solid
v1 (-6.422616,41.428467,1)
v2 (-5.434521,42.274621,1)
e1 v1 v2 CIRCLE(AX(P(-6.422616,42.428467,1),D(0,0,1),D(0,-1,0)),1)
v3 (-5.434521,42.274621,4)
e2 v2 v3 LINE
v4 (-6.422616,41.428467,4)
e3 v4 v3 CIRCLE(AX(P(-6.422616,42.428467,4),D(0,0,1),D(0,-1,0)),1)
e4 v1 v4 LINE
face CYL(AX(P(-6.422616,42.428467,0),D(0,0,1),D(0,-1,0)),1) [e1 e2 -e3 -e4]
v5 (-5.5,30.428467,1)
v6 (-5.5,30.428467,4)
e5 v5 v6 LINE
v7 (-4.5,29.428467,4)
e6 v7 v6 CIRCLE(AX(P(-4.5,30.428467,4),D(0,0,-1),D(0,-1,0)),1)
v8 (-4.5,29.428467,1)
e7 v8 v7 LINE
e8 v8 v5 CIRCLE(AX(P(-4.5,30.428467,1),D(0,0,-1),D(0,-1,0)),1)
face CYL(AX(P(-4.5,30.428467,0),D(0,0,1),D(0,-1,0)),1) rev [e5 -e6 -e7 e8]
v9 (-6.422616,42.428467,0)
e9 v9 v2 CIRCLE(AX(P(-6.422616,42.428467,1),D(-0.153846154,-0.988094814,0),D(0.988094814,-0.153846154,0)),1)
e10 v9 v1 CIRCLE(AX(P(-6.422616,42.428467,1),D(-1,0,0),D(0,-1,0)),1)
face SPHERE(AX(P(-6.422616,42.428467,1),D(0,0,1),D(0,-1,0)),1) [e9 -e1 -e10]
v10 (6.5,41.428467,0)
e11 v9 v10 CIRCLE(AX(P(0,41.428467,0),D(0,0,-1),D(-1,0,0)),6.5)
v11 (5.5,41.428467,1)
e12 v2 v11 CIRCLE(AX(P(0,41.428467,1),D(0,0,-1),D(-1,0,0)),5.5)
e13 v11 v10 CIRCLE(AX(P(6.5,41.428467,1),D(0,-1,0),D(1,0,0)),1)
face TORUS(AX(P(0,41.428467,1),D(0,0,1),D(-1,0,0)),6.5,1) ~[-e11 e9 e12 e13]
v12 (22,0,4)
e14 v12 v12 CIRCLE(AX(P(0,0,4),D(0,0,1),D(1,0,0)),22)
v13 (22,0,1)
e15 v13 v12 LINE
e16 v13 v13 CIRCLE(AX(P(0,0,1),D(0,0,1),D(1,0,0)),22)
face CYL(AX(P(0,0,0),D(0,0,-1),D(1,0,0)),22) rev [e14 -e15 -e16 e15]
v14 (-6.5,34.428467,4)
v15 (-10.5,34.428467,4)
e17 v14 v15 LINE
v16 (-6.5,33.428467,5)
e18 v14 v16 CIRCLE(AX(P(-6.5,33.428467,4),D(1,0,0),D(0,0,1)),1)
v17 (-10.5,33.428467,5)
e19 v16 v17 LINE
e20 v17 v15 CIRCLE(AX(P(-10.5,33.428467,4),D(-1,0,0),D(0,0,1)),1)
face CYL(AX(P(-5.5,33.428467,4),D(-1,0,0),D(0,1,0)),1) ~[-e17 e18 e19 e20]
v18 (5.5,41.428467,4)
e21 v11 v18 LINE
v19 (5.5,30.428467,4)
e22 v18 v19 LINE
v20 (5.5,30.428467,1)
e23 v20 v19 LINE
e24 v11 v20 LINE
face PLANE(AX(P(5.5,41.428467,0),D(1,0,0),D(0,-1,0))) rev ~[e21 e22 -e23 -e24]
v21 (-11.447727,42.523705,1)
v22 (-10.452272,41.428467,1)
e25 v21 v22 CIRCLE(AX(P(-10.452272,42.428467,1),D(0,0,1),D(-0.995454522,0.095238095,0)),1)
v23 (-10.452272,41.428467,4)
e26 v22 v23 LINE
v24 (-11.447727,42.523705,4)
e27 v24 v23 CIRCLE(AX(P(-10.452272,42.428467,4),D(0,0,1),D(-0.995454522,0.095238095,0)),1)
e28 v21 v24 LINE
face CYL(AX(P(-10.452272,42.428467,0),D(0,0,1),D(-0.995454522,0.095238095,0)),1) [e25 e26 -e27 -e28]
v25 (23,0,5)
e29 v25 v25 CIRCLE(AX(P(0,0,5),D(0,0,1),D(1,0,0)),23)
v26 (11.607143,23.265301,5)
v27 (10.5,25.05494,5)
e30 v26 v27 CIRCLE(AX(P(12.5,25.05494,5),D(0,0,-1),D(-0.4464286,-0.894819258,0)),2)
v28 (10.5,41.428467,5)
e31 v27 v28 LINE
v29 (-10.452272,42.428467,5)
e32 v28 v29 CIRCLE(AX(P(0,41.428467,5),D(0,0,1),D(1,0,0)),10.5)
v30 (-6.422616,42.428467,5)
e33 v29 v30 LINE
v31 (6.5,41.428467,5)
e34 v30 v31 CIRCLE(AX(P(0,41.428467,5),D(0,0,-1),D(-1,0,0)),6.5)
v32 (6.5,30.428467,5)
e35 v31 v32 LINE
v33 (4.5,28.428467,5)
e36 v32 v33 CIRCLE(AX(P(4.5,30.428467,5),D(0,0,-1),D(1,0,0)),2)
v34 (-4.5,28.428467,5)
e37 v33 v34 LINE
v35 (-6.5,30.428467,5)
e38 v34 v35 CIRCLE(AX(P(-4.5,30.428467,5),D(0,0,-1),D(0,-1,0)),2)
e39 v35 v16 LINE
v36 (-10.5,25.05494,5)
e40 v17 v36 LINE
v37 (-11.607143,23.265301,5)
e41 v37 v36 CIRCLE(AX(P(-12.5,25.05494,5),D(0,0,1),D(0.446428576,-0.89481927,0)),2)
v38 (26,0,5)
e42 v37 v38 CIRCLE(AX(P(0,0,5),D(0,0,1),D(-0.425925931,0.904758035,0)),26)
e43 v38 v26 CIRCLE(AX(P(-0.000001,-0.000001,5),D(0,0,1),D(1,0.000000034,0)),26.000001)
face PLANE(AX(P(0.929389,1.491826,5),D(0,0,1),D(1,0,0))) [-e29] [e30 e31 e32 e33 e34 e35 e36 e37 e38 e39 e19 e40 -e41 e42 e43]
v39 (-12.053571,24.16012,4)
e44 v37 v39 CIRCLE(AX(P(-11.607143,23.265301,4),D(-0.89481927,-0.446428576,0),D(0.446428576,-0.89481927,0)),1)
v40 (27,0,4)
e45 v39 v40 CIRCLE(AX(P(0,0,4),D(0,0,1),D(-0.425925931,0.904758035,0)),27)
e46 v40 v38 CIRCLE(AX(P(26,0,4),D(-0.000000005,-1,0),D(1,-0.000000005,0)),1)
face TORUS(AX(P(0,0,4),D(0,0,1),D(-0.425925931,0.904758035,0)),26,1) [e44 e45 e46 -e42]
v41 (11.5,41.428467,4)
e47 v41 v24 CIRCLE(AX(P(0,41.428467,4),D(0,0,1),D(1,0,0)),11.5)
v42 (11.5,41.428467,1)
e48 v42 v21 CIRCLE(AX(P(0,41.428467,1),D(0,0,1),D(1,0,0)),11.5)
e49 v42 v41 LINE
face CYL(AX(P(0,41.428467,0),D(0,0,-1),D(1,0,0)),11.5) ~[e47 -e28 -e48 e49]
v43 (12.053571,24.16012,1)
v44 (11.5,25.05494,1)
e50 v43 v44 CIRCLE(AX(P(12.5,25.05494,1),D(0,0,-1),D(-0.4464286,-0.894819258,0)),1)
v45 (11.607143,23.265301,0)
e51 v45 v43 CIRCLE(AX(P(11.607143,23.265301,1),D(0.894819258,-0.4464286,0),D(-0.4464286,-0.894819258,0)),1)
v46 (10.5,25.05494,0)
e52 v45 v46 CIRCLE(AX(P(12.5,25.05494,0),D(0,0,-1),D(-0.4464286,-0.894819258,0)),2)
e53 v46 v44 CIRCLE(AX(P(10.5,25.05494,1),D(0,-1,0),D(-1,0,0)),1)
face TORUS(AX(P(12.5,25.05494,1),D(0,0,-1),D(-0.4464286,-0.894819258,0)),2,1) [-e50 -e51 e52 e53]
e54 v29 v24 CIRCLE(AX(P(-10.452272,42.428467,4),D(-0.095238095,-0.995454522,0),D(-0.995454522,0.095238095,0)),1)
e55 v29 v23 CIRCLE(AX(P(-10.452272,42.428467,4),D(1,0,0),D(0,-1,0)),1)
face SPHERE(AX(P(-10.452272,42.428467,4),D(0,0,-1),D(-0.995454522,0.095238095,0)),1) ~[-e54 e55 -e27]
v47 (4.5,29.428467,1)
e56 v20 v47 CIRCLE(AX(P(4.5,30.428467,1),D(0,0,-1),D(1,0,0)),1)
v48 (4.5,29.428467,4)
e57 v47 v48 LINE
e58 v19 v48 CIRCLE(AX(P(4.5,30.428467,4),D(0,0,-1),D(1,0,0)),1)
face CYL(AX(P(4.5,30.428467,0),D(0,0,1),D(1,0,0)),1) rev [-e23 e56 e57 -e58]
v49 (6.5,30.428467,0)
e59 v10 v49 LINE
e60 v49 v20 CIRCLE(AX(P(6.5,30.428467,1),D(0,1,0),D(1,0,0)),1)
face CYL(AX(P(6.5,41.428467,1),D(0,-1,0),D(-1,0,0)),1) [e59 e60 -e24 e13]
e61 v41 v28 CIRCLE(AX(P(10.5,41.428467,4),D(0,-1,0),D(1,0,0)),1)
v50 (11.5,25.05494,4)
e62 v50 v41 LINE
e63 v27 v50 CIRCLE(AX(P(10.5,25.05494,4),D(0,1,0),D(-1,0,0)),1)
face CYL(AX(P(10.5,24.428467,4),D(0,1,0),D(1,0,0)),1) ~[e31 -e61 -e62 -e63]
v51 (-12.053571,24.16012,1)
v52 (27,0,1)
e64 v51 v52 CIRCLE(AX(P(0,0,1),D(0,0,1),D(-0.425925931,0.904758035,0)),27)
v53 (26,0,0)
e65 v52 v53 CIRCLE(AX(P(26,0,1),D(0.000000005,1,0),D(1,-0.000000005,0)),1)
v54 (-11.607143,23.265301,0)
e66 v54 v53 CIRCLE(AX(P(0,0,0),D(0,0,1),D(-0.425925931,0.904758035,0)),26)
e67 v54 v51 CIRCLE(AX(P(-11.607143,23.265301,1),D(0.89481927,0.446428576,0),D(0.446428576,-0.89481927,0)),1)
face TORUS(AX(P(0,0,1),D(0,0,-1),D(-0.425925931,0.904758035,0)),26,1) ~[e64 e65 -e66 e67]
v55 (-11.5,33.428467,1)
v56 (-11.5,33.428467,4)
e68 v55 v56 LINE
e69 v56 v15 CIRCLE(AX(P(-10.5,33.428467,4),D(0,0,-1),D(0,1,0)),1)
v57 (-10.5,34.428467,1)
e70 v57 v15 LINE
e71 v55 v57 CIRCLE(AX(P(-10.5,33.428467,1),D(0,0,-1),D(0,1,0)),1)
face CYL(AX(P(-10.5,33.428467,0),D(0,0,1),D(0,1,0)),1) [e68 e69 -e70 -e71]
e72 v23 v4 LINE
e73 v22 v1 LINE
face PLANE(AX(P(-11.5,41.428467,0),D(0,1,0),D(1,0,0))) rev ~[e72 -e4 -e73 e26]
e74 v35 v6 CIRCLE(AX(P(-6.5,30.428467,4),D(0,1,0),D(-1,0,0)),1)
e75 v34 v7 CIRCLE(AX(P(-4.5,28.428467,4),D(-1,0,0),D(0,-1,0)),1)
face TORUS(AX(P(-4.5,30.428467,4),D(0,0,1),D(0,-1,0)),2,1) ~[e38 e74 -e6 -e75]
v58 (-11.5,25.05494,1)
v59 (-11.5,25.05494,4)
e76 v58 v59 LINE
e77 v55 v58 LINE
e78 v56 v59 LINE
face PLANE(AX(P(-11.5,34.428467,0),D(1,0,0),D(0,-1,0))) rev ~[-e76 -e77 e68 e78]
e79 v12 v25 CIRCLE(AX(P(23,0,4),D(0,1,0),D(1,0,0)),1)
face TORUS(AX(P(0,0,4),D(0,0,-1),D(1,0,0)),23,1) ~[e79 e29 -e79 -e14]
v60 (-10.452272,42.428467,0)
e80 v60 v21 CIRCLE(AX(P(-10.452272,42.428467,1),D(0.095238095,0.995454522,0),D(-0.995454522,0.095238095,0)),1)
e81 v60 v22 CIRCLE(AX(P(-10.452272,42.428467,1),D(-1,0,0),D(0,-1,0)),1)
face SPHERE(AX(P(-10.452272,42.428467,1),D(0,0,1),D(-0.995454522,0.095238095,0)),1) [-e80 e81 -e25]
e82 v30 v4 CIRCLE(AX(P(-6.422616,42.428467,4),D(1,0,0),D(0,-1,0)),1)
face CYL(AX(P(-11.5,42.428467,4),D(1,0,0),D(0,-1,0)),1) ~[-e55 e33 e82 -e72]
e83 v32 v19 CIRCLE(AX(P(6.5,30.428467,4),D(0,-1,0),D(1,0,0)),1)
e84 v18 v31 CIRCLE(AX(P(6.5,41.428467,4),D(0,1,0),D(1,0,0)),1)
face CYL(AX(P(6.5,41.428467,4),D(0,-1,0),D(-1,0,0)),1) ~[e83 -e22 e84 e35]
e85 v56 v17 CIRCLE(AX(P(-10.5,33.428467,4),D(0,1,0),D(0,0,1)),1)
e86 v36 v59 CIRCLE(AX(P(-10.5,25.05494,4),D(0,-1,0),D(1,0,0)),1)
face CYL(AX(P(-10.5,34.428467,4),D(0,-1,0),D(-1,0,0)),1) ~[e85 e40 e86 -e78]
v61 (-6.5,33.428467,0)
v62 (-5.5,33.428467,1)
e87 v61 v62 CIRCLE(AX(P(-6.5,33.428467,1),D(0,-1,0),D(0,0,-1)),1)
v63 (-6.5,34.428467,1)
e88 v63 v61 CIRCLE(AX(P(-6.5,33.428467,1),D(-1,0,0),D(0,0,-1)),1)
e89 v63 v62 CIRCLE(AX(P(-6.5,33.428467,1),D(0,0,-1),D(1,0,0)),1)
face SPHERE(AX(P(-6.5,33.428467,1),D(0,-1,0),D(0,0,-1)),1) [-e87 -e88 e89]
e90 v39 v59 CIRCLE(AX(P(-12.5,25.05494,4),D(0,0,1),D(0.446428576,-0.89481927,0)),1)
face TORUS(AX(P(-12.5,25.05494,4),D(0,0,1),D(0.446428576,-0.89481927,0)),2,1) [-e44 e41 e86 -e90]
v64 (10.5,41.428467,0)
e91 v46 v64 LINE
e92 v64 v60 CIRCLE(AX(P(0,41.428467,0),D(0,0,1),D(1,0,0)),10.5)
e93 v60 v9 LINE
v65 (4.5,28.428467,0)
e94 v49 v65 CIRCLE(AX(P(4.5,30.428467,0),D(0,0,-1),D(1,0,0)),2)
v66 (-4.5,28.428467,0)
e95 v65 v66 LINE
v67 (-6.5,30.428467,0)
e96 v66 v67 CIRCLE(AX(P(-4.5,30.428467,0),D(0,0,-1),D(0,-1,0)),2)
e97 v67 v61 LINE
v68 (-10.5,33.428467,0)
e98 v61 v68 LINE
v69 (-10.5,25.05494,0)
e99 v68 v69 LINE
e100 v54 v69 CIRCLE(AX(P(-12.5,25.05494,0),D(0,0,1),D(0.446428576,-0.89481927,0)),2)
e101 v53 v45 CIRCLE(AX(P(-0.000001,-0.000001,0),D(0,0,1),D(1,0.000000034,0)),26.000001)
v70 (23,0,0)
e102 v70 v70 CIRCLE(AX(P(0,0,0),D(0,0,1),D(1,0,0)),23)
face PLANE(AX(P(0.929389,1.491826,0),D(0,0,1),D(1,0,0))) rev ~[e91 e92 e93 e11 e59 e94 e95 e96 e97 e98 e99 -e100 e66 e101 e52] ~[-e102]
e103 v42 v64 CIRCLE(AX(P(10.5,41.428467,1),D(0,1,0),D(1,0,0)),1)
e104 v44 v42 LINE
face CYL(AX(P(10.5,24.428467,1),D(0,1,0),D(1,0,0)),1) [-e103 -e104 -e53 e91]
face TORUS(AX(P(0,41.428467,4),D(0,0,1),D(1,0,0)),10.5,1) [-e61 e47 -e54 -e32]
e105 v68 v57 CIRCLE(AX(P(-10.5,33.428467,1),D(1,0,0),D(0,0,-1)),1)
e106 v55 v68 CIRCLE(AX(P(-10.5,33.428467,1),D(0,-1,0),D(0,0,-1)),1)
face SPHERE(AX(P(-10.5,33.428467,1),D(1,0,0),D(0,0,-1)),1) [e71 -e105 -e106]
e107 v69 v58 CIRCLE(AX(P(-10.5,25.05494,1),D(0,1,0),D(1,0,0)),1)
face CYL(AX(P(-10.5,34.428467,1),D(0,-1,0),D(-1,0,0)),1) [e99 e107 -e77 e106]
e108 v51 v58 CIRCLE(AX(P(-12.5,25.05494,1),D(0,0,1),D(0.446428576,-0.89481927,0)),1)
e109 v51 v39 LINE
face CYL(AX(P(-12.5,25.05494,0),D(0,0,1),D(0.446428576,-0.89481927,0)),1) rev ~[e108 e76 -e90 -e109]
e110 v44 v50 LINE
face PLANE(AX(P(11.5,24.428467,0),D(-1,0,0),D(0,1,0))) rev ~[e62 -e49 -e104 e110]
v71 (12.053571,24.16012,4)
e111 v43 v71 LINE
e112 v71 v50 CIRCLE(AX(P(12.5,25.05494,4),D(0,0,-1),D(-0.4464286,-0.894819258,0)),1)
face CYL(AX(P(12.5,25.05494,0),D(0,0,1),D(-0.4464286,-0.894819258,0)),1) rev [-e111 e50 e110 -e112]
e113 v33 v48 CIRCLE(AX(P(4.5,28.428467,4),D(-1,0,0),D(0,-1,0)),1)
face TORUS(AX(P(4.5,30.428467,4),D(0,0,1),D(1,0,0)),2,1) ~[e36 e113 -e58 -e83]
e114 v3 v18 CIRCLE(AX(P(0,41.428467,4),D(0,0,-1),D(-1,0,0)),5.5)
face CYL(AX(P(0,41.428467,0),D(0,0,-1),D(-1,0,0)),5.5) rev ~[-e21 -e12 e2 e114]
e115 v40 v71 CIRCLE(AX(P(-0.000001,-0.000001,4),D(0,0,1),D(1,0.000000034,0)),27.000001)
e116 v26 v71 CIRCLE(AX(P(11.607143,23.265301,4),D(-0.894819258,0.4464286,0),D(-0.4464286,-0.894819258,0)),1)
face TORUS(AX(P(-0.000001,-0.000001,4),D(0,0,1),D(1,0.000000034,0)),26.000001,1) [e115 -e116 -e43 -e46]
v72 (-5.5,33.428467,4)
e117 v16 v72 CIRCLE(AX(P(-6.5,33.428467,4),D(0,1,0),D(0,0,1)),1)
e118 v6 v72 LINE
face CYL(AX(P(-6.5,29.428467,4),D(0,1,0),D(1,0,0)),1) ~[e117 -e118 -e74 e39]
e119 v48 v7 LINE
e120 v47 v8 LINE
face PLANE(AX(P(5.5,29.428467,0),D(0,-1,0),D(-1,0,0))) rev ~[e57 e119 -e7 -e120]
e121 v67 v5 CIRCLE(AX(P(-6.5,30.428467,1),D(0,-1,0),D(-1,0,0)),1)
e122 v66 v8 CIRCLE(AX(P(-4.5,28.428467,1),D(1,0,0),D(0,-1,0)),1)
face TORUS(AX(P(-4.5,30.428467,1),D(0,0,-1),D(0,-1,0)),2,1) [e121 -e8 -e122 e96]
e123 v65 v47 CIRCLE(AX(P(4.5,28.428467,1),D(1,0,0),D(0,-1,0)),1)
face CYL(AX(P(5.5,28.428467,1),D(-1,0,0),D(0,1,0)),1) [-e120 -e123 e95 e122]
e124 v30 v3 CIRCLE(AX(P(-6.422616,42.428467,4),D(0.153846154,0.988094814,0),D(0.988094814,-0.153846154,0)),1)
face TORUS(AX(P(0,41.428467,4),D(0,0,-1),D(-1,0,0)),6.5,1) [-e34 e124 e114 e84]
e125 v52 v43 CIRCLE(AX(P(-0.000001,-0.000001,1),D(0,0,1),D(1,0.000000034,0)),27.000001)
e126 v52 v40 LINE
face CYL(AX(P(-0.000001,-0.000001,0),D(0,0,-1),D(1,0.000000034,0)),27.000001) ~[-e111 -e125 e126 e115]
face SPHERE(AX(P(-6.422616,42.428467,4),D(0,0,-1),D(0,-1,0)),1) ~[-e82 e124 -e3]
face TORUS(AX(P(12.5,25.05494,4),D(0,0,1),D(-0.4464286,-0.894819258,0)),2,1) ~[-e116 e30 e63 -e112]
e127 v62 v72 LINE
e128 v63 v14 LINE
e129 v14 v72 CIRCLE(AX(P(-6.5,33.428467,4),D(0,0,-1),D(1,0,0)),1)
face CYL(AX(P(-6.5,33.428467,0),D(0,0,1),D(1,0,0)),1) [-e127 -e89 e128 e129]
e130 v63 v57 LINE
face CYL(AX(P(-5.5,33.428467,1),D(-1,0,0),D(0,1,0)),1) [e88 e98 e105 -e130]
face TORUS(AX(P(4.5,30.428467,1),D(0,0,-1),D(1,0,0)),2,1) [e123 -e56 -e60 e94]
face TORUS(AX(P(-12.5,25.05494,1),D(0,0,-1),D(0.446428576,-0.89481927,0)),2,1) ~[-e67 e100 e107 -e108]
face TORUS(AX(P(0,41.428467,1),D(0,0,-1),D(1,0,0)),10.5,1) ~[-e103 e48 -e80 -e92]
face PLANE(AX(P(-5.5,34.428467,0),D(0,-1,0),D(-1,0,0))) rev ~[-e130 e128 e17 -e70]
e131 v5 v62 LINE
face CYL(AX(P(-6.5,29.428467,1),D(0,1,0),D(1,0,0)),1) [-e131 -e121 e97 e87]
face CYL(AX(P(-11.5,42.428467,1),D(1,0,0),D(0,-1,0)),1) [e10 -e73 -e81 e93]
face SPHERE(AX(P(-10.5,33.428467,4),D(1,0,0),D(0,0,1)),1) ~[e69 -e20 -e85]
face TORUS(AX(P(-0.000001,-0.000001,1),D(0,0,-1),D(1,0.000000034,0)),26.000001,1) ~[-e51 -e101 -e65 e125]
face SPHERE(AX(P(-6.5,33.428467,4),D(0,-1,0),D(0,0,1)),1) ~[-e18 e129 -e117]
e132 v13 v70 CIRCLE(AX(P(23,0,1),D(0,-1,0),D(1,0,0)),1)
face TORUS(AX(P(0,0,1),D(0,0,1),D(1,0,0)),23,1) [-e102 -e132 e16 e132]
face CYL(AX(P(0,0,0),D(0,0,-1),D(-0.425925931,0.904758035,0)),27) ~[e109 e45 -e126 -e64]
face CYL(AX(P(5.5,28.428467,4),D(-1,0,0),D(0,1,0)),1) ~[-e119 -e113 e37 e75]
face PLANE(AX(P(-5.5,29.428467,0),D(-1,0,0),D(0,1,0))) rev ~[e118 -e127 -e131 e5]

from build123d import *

# Parameters (mm, degrees)
F0_R     = 22
F1_DEPTH = 5
F2_R     = 1


with BuildPart() as f1:
    # F0 (on Top) → F1 (new body)
    with BuildSketch(Plane.XY):
        with BuildLine():
            ThreePointArc((-11.5, 24.428467), (-14.465476, -22.798026), (27, 0))
            ThreePointArc((27, 0), (22.798026, 14.465476), (11.5, 24.428467))
            ThreePointArc((11.5, 24.428467), (0, 27), (-11.5, 24.428467))
        make_face()
        Circle(F0_R, mode=Mode.SUBTRACT)
        with BuildLine():
            ThreePointArc((-11.5, 24.428467), (0, 27), (11.5, 24.428467))
            Line((11.5, 24.428467), (11.5, 41.428467))
            ThreePointArc((11.5, 41.428467), (0, 52.928467), (-11.5, 41.428467))
            Line((-11.5, 41.428467), (-5.5, 41.428467))
            ThreePointArc((-5.5, 41.428467), (0, 46.928467), (5.5, 41.428467))
            Line((5.5, 41.428467), (5.5, 29.428467))
            Line((5.5, 29.428467), (-5.5, 29.428467))
            Line((-5.5, 29.428467), (-5.5, 34.428467))
            Line((-5.5, 34.428467), (-11.5, 34.428467))
            Line((-11.5, 34.428467), (-11.5, 24.428467))
        make_face()
    extrude(amount=F1_DEPTH)

    # F2
    f2_edges = [f1.edges().sort_by_distance(p)[0] for p in [
        (-14.465476, -22.798026, 5),
        (22.798026, 14.465476, 5),
        (11.5, 32.928467, 5),
        (0, 52.928467, 5),
        (-8.5, 41.428467, 5),
        (0, 46.928467, 5),
        (5.5, 35.428467, 5),
        (0, 29.428467, 5),
        (-5.5, 31.928467, 5),
        (-8.5, 34.428467, 5),
        (-11.5, 29.428467, 5),
        (-22, 0, 5),
        (22.798026, 14.465476, 0),
        (11.5, 32.928467, 0),
        (0, 52.928467, 0),
        (-8.5, 41.428467, 0),
        (0, 46.928467, 0),
        (5.5, 35.428467, 0),
        (0, 29.428467, 0),
        (-5.5, 31.928467, 0),
        (-8.5, 34.428467, 0),
        (-11.5, 29.428467, 0),
        (-14.465476, -22.798026, 0),
        (-22, 0, 0),
        (-11.5, 24.428467, 2.5),
        (11.5, 24.428467, 2.5),
        (5.5, 29.428467, 2.5),
        (-5.5, 29.428467, 2.5),
        (-5.5, 34.428467, 2.5),
        (-11.5, 34.428467, 2.5),
        (-5.5, 41.428467, 2.5),
        (-11.5, 41.428467, 2.5),
    ]]
    fillet(f2_edges, radius=F2_R)


solid = f1.part
